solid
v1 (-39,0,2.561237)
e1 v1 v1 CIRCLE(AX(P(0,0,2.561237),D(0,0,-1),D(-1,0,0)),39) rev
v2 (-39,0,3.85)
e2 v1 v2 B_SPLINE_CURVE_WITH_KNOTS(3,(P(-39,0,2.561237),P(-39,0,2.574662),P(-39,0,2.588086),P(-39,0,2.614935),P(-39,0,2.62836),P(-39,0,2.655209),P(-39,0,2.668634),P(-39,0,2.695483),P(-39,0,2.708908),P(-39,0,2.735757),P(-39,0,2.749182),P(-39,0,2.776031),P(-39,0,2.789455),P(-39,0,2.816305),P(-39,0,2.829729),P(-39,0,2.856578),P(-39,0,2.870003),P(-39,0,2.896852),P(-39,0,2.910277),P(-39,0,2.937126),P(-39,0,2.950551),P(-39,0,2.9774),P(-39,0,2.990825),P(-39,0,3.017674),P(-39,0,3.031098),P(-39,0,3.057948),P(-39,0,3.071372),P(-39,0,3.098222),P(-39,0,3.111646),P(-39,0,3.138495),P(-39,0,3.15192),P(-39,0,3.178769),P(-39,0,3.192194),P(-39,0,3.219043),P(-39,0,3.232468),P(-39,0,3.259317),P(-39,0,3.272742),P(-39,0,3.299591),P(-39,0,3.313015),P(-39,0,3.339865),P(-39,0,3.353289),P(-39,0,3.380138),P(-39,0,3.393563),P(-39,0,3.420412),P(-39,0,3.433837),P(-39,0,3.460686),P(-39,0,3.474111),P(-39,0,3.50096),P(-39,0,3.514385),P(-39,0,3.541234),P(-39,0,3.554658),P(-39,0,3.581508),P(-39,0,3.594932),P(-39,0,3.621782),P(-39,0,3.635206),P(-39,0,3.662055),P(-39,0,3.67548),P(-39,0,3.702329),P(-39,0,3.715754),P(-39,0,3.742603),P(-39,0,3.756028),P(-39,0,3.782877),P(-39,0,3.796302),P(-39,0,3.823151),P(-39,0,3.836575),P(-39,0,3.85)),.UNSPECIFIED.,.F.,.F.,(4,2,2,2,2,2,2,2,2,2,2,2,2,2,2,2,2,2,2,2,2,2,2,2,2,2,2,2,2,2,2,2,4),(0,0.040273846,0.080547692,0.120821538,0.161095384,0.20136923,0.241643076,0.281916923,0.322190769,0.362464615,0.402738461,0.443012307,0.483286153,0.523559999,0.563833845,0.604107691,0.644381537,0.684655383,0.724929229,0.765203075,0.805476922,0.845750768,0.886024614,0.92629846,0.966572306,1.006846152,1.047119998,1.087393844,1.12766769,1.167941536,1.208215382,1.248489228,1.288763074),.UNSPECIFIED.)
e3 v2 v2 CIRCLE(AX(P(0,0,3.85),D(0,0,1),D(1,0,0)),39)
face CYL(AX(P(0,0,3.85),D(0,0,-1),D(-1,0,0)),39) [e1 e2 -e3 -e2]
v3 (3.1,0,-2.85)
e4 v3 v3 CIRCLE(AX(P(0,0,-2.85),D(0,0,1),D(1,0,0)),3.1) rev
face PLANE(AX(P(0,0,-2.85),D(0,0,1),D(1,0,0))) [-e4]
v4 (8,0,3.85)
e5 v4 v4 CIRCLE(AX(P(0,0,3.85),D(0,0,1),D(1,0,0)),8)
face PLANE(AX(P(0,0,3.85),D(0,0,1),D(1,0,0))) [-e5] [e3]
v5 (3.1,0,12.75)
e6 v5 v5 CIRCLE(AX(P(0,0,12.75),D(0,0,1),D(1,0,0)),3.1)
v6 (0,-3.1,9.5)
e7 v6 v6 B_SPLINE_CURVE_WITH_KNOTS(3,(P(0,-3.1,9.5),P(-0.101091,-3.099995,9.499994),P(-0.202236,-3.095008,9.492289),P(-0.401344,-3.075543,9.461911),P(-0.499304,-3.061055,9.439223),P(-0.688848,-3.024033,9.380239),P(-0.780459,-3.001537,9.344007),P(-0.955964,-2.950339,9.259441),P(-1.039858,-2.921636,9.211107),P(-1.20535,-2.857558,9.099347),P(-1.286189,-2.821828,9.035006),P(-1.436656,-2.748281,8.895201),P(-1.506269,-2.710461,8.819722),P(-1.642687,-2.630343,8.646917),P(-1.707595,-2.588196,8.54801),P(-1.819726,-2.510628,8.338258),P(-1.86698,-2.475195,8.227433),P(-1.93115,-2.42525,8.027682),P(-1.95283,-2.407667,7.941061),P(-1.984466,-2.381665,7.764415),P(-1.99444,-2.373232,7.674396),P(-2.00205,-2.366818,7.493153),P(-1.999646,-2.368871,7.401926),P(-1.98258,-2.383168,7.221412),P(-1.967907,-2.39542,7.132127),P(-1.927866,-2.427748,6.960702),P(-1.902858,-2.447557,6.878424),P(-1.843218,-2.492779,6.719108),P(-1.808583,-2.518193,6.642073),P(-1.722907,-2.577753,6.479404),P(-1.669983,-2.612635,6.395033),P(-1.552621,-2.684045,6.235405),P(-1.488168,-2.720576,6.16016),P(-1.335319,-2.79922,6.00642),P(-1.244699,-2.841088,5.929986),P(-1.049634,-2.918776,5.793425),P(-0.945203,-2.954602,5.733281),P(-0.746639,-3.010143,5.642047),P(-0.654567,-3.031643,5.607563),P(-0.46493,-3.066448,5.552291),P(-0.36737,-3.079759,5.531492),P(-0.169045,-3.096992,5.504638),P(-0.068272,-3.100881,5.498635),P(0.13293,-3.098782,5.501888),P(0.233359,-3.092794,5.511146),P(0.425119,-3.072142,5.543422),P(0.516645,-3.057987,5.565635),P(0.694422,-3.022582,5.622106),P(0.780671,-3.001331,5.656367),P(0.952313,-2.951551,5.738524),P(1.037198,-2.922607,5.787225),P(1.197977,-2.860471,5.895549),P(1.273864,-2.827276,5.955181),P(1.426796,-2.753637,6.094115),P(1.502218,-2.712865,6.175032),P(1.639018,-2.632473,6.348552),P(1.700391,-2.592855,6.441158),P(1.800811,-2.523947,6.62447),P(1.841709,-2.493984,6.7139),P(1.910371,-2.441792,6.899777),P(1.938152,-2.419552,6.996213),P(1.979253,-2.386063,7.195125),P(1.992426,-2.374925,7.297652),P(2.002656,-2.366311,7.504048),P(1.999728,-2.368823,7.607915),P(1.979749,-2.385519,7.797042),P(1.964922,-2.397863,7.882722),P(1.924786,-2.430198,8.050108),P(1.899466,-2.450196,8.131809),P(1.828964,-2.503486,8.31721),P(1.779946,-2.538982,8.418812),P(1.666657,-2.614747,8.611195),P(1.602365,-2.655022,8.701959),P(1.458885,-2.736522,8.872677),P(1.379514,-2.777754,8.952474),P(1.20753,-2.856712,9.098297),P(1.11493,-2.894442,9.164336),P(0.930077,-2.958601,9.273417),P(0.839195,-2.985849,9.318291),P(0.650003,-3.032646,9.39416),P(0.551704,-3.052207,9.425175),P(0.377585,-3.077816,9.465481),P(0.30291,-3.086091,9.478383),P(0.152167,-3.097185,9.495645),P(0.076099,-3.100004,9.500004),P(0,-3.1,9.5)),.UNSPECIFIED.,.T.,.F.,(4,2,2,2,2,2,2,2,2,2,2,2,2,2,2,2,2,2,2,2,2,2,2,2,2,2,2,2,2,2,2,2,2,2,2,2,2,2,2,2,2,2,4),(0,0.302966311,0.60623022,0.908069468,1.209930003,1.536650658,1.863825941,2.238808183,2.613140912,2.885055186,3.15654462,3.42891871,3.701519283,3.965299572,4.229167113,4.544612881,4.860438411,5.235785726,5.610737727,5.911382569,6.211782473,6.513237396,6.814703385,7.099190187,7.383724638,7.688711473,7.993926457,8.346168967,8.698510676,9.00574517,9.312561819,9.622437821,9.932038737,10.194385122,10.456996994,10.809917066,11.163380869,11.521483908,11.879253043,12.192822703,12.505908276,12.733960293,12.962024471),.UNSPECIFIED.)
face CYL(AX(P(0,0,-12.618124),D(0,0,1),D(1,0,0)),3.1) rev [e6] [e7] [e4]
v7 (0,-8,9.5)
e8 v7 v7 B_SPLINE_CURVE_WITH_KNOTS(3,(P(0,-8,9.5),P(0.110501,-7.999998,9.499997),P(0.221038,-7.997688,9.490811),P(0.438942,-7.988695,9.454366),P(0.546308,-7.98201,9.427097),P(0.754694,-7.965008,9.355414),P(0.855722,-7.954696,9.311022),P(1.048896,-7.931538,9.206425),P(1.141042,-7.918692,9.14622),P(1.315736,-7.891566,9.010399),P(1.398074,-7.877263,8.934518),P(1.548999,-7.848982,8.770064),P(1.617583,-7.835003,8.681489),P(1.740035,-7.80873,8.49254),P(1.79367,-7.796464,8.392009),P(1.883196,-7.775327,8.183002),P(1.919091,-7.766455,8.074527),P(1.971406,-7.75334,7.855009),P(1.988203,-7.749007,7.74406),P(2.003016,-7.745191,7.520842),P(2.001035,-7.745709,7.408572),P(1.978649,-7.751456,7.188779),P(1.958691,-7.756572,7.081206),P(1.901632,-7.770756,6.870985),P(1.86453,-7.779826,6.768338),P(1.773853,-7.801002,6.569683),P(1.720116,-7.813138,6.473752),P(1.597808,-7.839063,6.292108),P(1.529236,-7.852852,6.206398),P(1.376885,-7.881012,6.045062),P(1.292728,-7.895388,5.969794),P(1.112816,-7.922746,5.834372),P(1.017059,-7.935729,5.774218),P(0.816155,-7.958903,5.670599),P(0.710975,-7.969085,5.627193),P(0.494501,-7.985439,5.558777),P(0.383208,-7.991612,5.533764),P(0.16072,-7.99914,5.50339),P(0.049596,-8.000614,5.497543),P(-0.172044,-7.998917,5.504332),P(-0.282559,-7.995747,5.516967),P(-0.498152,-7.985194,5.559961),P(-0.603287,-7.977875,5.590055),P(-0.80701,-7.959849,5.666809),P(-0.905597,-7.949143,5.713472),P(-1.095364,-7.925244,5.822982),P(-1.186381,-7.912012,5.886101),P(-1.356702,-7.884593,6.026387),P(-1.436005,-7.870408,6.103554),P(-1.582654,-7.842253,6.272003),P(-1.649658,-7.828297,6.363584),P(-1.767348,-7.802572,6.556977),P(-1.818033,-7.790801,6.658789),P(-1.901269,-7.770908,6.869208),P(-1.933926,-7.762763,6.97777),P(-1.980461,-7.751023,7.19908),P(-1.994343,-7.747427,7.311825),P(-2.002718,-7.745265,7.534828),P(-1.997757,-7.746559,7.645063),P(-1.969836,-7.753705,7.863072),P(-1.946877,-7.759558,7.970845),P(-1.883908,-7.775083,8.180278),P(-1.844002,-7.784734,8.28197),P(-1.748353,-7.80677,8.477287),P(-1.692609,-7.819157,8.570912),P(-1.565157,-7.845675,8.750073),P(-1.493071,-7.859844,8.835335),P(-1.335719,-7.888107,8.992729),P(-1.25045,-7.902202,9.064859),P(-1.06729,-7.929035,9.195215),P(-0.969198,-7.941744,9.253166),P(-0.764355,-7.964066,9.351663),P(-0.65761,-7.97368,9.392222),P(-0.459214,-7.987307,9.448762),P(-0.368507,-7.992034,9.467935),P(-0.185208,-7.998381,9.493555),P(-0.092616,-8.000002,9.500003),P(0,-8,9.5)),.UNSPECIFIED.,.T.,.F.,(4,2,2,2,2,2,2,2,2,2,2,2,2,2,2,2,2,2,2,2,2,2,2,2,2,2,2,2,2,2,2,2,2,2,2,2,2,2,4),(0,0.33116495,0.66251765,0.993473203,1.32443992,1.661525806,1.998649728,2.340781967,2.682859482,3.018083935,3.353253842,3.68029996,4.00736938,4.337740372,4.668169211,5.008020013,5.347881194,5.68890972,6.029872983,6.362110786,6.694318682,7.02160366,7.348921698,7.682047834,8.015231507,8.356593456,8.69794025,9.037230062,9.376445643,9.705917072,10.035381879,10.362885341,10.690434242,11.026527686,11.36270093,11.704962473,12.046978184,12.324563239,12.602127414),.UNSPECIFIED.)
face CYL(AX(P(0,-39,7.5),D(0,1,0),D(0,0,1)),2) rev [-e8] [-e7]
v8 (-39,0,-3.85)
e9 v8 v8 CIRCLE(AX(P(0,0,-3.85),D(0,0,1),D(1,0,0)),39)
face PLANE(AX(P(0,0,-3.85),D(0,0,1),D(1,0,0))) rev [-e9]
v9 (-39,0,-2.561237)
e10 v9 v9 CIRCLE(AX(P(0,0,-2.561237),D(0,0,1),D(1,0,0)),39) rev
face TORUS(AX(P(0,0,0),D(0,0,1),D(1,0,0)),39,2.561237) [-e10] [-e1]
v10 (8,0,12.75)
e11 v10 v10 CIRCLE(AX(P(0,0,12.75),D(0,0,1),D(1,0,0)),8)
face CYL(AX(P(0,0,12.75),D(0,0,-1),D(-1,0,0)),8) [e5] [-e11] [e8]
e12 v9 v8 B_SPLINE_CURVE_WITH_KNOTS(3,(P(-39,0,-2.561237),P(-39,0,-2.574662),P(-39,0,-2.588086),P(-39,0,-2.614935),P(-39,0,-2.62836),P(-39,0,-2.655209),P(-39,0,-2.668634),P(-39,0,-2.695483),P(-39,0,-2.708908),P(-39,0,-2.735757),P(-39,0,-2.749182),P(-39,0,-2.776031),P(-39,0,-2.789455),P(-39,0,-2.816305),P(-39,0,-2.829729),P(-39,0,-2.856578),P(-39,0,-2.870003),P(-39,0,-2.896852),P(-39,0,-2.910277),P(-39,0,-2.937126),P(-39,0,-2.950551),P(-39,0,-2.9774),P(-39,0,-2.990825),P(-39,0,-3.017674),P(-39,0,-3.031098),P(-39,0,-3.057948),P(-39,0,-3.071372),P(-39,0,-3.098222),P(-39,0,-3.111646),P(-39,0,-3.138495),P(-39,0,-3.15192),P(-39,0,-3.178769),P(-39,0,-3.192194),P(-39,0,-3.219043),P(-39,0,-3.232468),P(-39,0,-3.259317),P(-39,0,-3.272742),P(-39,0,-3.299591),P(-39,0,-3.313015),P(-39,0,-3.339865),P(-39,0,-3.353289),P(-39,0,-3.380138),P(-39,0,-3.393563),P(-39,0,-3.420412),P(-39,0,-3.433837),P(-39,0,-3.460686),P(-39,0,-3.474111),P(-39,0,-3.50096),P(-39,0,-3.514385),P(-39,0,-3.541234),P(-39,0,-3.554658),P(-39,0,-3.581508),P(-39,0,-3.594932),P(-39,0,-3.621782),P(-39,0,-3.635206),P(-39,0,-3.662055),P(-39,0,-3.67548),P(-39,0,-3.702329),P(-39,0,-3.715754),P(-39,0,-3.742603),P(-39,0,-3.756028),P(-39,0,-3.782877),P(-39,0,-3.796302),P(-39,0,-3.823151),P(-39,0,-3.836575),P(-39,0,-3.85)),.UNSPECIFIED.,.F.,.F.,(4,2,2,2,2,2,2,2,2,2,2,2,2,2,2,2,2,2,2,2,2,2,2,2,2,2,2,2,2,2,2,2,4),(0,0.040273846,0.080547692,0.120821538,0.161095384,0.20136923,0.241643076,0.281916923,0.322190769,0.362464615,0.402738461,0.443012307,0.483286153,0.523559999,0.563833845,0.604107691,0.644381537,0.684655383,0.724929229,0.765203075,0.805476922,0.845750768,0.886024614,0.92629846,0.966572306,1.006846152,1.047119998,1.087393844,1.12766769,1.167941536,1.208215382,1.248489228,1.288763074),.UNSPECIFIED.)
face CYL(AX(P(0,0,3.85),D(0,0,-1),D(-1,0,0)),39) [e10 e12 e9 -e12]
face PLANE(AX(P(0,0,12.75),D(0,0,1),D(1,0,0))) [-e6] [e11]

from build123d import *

# Parameters (mm, degrees)
SKETCH1_R           = 39
BOSS_EXTRUDE1_DEPTH = 3.85
SKETCH2_R           = 2.5
SKETCH4_R           = 8
BOSS_EXTRUDE2_DEPTH = 8.9
SKETCH5_R           = 3.1
CUT_EXTRUDE1_DEPTH  = 15.6
SKETCH6_R           = 2
CUT_EXTRUDE2_DEPTH  = 57.608855314
SKETCH3_R           = 2.561236926


with BuildPart() as part:
    # Sketch1 → Boss-Extrude1 (new, symmetric)
    with BuildSketch(Plane.XY):
        with Locations(Location((0, 0, 0), (0, 0, 180))):
            Circle(SKETCH1_R)
    extrude(amount=BOSS_EXTRUDE1_DEPTH, both=True)

    # Cut-Sweep1: sweep along a curve in space
    with BuildLine() as cut_sweep1_path:
        ThreePointArc((39, 0, -3.85), (27.577164466, 27.577164466, -3.85), (0, 39, -3.85))
        ThreePointArc((0, 39, -3.85), (-27.577164466, 27.577164466, -3.85), (-39, 0, -3.85))
        ThreePointArc((-39, 0, -3.85), (-27.577164466, -27.577164466, -3.85), (0, -39, -3.85))
        ThreePointArc((0, -39, -3.85), (27.577164466, -27.577164466, -3.85), (39, 0, -3.85))
    # Sketch2 → Cut-Sweep1 (sweep, cut)
    with BuildSketch(Plane(origin=(0, 0, 0), x_dir=(1, 0, 0), z_dir=(0, 1, 0))):
        with Locations((39, 0)):
            Circle(SKETCH2_R)
    sweep(path=cut_sweep1_path.line, mode=Mode.SUBTRACT)

    # Sketch4 → Boss-Extrude2 (add)
    with BuildSketch(Plane.XY.offset(3.85)):
        Circle(SKETCH4_R)
    extrude(amount=BOSS_EXTRUDE2_DEPTH)

    # Sketch5 → Cut-Extrude1 (cut)
    with BuildSketch(Plane.XY.offset(12.75)):
        Circle(SKETCH5_R)
    extrude(amount=-CUT_EXTRUDE1_DEPTH, mode=Mode.SUBTRACT)

    # Sketch6 → Cut-Extrude2 (cut, through all)
    with BuildSketch(Plane(origin=(0, 0, 0), x_dir=(1, 0, 0), z_dir=(0, 1, 0))):
        with Locations(Location((0, -7.5, 0), (0, 0, 270))):
            Circle(SKETCH6_R)
    extrude(amount=-CUT_EXTRUDE2_DEPTH, mode=Mode.SUBTRACT)

    # Sketch3 → Revolve1 (revolve)
    with BuildSketch(Plane(origin=(0, 0, 0), x_dir=(1, 0, 0), z_dir=(0, 1, 0)), mode=Mode.PRIVATE) as revolve1_sk:
        with Locations((39, 0)):
            Circle(SKETCH3_R)
    revolve(revolve1_sk.sketch.rotate(Axis((0, 0, 12.75), (0, 0, -1)), 180), axis=Axis((0, 0, 12.75), (0, 0, -1)))


solid = part.part
